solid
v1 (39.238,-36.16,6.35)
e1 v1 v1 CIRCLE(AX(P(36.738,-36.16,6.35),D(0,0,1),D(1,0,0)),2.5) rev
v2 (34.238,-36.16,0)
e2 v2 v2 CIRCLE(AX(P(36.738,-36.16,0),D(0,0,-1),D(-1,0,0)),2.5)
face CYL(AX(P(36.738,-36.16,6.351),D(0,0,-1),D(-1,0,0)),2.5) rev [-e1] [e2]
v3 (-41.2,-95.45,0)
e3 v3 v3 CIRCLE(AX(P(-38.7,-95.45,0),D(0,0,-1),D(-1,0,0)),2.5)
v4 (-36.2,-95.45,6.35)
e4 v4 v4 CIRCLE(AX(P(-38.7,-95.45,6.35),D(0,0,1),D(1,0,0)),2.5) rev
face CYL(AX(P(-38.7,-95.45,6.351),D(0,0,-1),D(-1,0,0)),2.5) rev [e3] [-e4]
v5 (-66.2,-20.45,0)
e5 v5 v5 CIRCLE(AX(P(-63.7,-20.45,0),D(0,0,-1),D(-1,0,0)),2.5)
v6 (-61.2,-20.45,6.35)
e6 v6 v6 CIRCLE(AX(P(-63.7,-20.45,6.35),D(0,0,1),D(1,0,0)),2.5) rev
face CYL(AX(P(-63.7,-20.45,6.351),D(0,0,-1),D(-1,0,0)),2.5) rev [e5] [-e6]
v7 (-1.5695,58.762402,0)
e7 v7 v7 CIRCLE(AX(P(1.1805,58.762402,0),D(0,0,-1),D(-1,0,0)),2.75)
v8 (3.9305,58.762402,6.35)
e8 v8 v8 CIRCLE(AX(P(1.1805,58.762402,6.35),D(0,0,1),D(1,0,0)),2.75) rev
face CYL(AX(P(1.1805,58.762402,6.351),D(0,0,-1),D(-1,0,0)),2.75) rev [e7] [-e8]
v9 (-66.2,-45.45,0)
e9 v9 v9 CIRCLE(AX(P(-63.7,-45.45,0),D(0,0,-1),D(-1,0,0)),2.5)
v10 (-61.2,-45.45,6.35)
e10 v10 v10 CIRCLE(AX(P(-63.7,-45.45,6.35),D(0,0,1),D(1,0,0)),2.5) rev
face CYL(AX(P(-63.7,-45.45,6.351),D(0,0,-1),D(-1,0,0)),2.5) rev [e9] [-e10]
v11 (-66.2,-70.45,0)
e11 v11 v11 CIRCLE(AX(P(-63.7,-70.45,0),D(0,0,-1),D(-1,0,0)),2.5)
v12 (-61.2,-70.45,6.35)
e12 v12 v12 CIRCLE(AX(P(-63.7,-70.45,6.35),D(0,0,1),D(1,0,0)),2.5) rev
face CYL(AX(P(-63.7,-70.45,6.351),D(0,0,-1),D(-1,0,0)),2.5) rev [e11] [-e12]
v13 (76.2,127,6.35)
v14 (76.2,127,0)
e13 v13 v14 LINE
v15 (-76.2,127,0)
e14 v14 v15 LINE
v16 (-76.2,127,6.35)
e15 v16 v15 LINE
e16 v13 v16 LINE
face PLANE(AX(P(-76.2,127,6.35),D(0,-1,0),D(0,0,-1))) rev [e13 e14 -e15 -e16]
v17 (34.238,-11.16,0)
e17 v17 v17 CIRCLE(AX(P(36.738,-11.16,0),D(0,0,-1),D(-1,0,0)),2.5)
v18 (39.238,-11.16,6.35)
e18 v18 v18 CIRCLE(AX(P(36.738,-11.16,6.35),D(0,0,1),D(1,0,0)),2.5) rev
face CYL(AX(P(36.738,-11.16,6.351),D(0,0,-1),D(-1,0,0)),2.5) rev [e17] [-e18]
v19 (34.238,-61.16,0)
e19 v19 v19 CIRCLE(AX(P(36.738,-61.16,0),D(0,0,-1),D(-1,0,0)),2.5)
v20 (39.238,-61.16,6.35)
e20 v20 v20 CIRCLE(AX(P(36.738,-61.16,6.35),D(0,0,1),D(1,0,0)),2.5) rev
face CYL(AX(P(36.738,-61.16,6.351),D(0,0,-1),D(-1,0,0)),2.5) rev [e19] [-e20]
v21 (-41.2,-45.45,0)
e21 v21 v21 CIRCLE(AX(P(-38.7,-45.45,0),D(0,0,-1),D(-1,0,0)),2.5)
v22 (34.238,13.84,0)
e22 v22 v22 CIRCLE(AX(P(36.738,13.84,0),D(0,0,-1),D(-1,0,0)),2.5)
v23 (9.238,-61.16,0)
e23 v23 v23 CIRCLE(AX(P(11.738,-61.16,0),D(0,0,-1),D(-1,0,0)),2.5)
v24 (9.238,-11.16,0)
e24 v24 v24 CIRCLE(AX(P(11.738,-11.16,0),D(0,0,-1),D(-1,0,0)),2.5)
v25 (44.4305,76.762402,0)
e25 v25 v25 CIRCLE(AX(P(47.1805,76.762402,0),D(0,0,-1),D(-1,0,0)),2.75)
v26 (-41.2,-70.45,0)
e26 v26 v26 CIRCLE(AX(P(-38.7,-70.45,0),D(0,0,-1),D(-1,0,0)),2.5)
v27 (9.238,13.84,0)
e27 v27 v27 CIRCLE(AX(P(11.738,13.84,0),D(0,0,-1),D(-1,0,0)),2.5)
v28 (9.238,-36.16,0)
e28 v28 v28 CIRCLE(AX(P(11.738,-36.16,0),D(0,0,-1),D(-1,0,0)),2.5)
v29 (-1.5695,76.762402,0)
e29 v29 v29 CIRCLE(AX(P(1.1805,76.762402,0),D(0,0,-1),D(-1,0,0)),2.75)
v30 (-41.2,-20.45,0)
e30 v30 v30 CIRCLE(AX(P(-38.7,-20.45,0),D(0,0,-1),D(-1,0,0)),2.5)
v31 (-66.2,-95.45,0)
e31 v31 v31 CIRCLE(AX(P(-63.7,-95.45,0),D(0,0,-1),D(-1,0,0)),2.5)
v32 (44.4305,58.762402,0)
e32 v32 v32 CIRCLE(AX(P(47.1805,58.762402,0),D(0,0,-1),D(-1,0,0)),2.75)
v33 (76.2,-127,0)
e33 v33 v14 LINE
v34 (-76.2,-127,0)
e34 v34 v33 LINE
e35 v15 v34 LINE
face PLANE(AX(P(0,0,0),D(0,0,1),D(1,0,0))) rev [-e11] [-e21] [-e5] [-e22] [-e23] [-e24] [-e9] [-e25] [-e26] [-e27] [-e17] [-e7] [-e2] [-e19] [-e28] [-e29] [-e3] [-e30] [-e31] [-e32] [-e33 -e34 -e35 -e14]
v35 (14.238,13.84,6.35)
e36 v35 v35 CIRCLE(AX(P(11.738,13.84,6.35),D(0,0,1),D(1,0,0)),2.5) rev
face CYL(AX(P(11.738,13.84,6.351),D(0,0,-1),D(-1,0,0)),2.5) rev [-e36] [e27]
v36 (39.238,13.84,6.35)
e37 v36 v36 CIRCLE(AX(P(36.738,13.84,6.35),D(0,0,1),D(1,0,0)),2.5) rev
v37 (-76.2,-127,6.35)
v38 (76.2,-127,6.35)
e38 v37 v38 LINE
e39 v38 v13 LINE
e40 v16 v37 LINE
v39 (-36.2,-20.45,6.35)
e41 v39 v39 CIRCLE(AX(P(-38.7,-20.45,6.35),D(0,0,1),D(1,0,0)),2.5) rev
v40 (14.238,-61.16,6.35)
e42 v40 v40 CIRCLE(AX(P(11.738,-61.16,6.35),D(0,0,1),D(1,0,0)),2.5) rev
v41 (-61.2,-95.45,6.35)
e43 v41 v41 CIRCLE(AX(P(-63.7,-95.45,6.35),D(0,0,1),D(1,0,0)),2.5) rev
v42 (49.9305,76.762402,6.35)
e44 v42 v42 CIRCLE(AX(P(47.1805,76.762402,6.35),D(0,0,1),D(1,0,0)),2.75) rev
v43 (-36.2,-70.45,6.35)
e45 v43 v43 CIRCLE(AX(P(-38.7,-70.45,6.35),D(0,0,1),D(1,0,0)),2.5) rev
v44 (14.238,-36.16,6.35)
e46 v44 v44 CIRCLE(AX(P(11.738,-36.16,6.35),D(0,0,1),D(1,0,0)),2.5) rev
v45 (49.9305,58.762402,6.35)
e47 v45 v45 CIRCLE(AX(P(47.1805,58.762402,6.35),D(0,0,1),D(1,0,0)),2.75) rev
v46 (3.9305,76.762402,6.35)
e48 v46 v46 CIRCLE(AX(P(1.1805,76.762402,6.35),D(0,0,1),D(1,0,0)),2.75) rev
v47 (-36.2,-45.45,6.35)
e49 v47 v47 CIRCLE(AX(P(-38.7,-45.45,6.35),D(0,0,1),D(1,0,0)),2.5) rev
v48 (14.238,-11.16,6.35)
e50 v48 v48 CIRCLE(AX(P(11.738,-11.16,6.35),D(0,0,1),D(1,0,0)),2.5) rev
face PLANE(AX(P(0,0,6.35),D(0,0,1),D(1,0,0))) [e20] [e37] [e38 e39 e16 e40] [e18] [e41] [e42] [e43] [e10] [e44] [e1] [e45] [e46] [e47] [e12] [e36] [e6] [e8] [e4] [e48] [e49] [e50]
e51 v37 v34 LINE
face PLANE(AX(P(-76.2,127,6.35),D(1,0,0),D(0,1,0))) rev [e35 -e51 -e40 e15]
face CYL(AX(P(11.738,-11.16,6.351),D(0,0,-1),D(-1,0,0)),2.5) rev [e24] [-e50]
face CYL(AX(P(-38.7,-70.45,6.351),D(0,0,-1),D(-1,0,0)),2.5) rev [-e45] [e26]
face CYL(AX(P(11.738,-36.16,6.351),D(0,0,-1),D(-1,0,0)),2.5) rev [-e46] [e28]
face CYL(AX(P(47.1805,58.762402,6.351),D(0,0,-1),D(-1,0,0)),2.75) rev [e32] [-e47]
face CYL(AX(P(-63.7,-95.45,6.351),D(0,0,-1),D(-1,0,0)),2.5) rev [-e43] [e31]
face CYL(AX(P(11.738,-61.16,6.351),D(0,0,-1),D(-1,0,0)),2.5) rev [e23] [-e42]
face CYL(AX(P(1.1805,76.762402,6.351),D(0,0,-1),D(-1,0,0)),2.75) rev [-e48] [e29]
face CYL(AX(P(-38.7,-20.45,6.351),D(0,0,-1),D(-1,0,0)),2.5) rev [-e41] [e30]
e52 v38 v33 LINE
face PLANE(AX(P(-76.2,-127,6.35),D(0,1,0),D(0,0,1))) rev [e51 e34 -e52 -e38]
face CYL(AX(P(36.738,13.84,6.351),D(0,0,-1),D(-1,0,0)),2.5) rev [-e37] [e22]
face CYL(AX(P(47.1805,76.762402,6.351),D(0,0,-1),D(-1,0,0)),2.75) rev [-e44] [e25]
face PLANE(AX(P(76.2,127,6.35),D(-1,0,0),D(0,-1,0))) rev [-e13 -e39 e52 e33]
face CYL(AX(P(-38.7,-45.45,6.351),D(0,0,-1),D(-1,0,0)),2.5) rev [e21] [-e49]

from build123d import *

# Parameters (mm, degrees)
SKETCH1_W           = 152.4
SKETCH1_H           = 254
BOSS_EXTRUDE1_DEPTH = 6.35
CUT_EXTRUDE2_REACH  = 150.242
SKETCH3_R           = 2.5
CUT_EXTRUDE3_REACH  = 150.242
SKETCH4_R           = 2.75


with BuildPart() as part:
    # Sketch1 → Boss-Extrude1 (new body)
    with BuildSketch(Plane.XY):
        Rectangle(SKETCH1_W, SKETCH1_H)
    extrude(amount=BOSS_EXTRUDE1_DEPTH)

    # Sketch3 → Cut-Extrude2 (cut, up to next)
    with BuildSketch(Plane(origin=(0, 0, 0), x_dir=(-1, 0, 0), z_dir=(0, 0, -1)), mode=Mode.PRIVATE) as cut_extrude2_sk1:
        with Locations((63.7, -20.45)):
            Circle(SKETCH3_R)
    cut_extrude2_tool1 = extrude(cut_extrude2_sk1.sketch, amount=-CUT_EXTRUDE2_REACH, mode=Mode.PRIVATE) & part.part
    # Sketch3 → Cut-Extrude2 (cut, up to next)
    with BuildSketch(Plane(origin=(0, 0, 0), x_dir=(-1, 0, 0), z_dir=(0, 0, -1)), mode=Mode.PRIVATE) as cut_extrude2_sk2:
        with Locations((38.7, -20.45)):
            Circle(SKETCH3_R)
    cut_extrude2_tool2 = extrude(cut_extrude2_sk2.sketch, amount=-CUT_EXTRUDE2_REACH, mode=Mode.PRIVATE) & part.part
    # Sketch3 → Cut-Extrude2 (cut, up to next)
    with BuildSketch(Plane(origin=(0, 0, 0), x_dir=(-1, 0, 0), z_dir=(0, 0, -1)), mode=Mode.PRIVATE) as cut_extrude2_sk3:
        with Locations((38.7, -45.45)):
            Circle(SKETCH3_R)
    cut_extrude2_tool3 = extrude(cut_extrude2_sk3.sketch, amount=-CUT_EXTRUDE2_REACH, mode=Mode.PRIVATE) & part.part
    # Sketch3 → Cut-Extrude2 (cut, up to next)
    with BuildSketch(Plane(origin=(0, 0, 0), x_dir=(-1, 0, 0), z_dir=(0, 0, -1)), mode=Mode.PRIVATE) as cut_extrude2_sk4:
        with Locations((63.7, -45.45)):
            Circle(SKETCH3_R)
    cut_extrude2_tool4 = extrude(cut_extrude2_sk4.sketch, amount=-CUT_EXTRUDE2_REACH, mode=Mode.PRIVATE) & part.part
    # Sketch3 → Cut-Extrude2 (cut, up to next)
    with BuildSketch(Plane(origin=(0, 0, 0), x_dir=(-1, 0, 0), z_dir=(0, 0, -1)), mode=Mode.PRIVATE) as cut_extrude2_sk5:
        with Locations((63.7, -70.45)):
            Circle(SKETCH3_R)
    cut_extrude2_tool5 = extrude(cut_extrude2_sk5.sketch, amount=-CUT_EXTRUDE2_REACH, mode=Mode.PRIVATE) & part.part
    # Sketch3 → Cut-Extrude2 (cut, up to next)
    with BuildSketch(Plane(origin=(0, 0, 0), x_dir=(-1, 0, 0), z_dir=(0, 0, -1)), mode=Mode.PRIVATE) as cut_extrude2_sk6:
        with Locations((38.7, -70.45)):
            Circle(SKETCH3_R)
    cut_extrude2_tool6 = extrude(cut_extrude2_sk6.sketch, amount=-CUT_EXTRUDE2_REACH, mode=Mode.PRIVATE) & part.part
    # Sketch3 → Cut-Extrude2 (cut, up to next)
    with BuildSketch(Plane(origin=(0, 0, 0), x_dir=(-1, 0, 0), z_dir=(0, 0, -1)), mode=Mode.PRIVATE) as cut_extrude2_sk7:
        with Locations((38.7, -95.45)):
            Circle(SKETCH3_R)
    cut_extrude2_tool7 = extrude(cut_extrude2_sk7.sketch, amount=-CUT_EXTRUDE2_REACH, mode=Mode.PRIVATE) & part.part
    # Sketch3 → Cut-Extrude2 (cut, up to next)
    with BuildSketch(Plane(origin=(0, 0, 0), x_dir=(-1, 0, 0), z_dir=(0, 0, -1)), mode=Mode.PRIVATE) as cut_extrude2_sk8:
        with Locations((63.7, -95.45)):
            Circle(SKETCH3_R)
    cut_extrude2_tool8 = extrude(cut_extrude2_sk8.sketch, amount=-CUT_EXTRUDE2_REACH, mode=Mode.PRIVATE) & part.part
    # Sketch3 → Cut-Extrude2 (cut, up to next)
    with BuildSketch(Plane(origin=(0, 0, 0), x_dir=(-1, 0, 0), z_dir=(0, 0, -1)), mode=Mode.PRIVATE) as cut_extrude2_sk9:
        with Locations((-11.738, -61.16)):
            Circle(SKETCH3_R)
    cut_extrude2_tool9 = extrude(cut_extrude2_sk9.sketch, amount=-CUT_EXTRUDE2_REACH, mode=Mode.PRIVATE) & part.part
    # Sketch3 → Cut-Extrude2 (cut, up to next)
    with BuildSketch(Plane(origin=(0, 0, 0), x_dir=(-1, 0, 0), z_dir=(0, 0, -1)), mode=Mode.PRIVATE) as cut_extrude2_sk10:
        with Locations((-11.738, -36.16)):
            Circle(SKETCH3_R)
    cut_extrude2_tool10 = extrude(cut_extrude2_sk10.sketch, amount=-CUT_EXTRUDE2_REACH, mode=Mode.PRIVATE) & part.part
    # Sketch3 → Cut-Extrude2 (cut, up to next)
    with BuildSketch(Plane(origin=(0, 0, 0), x_dir=(-1, 0, 0), z_dir=(0, 0, -1)), mode=Mode.PRIVATE) as cut_extrude2_sk11:
        with Locations((-36.738, -61.16)):
            Circle(SKETCH3_R)
    cut_extrude2_tool11 = extrude(cut_extrude2_sk11.sketch, amount=-CUT_EXTRUDE2_REACH, mode=Mode.PRIVATE) & part.part
    # Sketch3 → Cut-Extrude2 (cut, up to next)
    with BuildSketch(Plane(origin=(0, 0, 0), x_dir=(-1, 0, 0), z_dir=(0, 0, -1)), mode=Mode.PRIVATE) as cut_extrude2_sk12:
        with Locations((-36.738, -36.16)):
            Circle(SKETCH3_R)
    cut_extrude2_tool12 = extrude(cut_extrude2_sk12.sketch, amount=-CUT_EXTRUDE2_REACH, mode=Mode.PRIVATE) & part.part
    # Sketch3 → Cut-Extrude2 (cut, up to next)
    with BuildSketch(Plane(origin=(0, 0, 0), x_dir=(-1, 0, 0), z_dir=(0, 0, -1)), mode=Mode.PRIVATE) as cut_extrude2_sk13:
        with Locations((-11.738, -11.16)):
            Circle(SKETCH3_R)
    cut_extrude2_tool13 = extrude(cut_extrude2_sk13.sketch, amount=-CUT_EXTRUDE2_REACH, mode=Mode.PRIVATE) & part.part
    # Sketch3 → Cut-Extrude2 (cut, up to next)
    with BuildSketch(Plane(origin=(0, 0, 0), x_dir=(-1, 0, 0), z_dir=(0, 0, -1)), mode=Mode.PRIVATE) as cut_extrude2_sk14:
        with Locations((-36.738, -11.16)):
            Circle(SKETCH3_R)
    cut_extrude2_tool14 = extrude(cut_extrude2_sk14.sketch, amount=-CUT_EXTRUDE2_REACH, mode=Mode.PRIVATE) & part.part
    # Sketch3 → Cut-Extrude2 (cut, up to next)
    with BuildSketch(Plane(origin=(0, 0, 0), x_dir=(-1, 0, 0), z_dir=(0, 0, -1)), mode=Mode.PRIVATE) as cut_extrude2_sk15:
        with Locations((-36.738, 13.84)):
            Circle(SKETCH3_R)
    cut_extrude2_tool15 = extrude(cut_extrude2_sk15.sketch, amount=-CUT_EXTRUDE2_REACH, mode=Mode.PRIVATE) & part.part
    # Sketch3 → Cut-Extrude2 (cut, up to next)
    with BuildSketch(Plane(origin=(0, 0, 0), x_dir=(-1, 0, 0), z_dir=(0, 0, -1)), mode=Mode.PRIVATE) as cut_extrude2_sk16:
        with Locations((-11.738, 13.84)):
            Circle(SKETCH3_R)
    cut_extrude2_tool16 = extrude(cut_extrude2_sk16.sketch, amount=-CUT_EXTRUDE2_REACH, mode=Mode.PRIVATE) & part.part
    add(cut_extrude2_tool1.solids().sort_by_distance((-63.7, -20.45, 0))[0], mode=Mode.SUBTRACT)
    add(cut_extrude2_tool2.solids().sort_by_distance((-38.7, -20.45, 0))[0], mode=Mode.SUBTRACT)
    add(cut_extrude2_tool3.solids().sort_by_distance((-38.7, -45.45, 0))[0], mode=Mode.SUBTRACT)
    add(cut_extrude2_tool4.solids().sort_by_distance((-63.7, -45.45, 0))[0], mode=Mode.SUBTRACT)
    add(cut_extrude2_tool5.solids().sort_by_distance((-63.7, -70.45, 0))[0], mode=Mode.SUBTRACT)
    add(cut_extrude2_tool6.solids().sort_by_distance((-38.7, -70.45, 0))[0], mode=Mode.SUBTRACT)
    add(cut_extrude2_tool7.solids().sort_by_distance((-38.7, -95.45, 0))[0], mode=Mode.SUBTRACT)
    add(cut_extrude2_tool8.solids().sort_by_distance((-63.7, -95.45, 0))[0], mode=Mode.SUBTRACT)
    add(cut_extrude2_tool9.solids().sort_by_distance((11.738, -61.16, 0))[0], mode=Mode.SUBTRACT)
    add(cut_extrude2_tool10.solids().sort_by_distance((11.738, -36.16, 0))[0], mode=Mode.SUBTRACT)
    add(cut_extrude2_tool11.solids().sort_by_distance((36.738, -61.16, 0))[0], mode=Mode.SUBTRACT)
    add(cut_extrude2_tool12.solids().sort_by_distance((36.738, -36.16, 0))[0], mode=Mode.SUBTRACT)
    add(cut_extrude2_tool13.solids().sort_by_distance((11.738, -11.16, 0))[0], mode=Mode.SUBTRACT)
    add(cut_extrude2_tool14.solids().sort_by_distance((36.738, -11.16, 0))[0], mode=Mode.SUBTRACT)
    add(cut_extrude2_tool15.solids().sort_by_distance((36.738, 13.84, 0))[0], mode=Mode.SUBTRACT)
    add(cut_extrude2_tool16.solids().sort_by_distance((11.738, 13.84, 0))[0], mode=Mode.SUBTRACT)

    # Sketch4 → Cut-Extrude3 (cut, up to next)
    with BuildSketch(Plane(origin=(0, 0, 0), x_dir=(-1, 0, 0), z_dir=(0, 0, -1)), mode=Mode.PRIVATE) as cut_extrude3_sk1:
        with Locations((-47.180499962, 58.762402402)):
            Circle(SKETCH4_R)
    cut_extrude3_tool1 = extrude(cut_extrude3_sk1.sketch, amount=-CUT_EXTRUDE3_REACH, mode=Mode.PRIVATE) & part.part
    # Sketch4 → Cut-Extrude3 (cut, up to next)
    with BuildSketch(Plane(origin=(0, 0, 0), x_dir=(-1, 0, 0), z_dir=(0, 0, -1)), mode=Mode.PRIVATE) as cut_extrude3_sk2:
        with Locations((-1.180499962, 58.762402402)):
            Circle(SKETCH4_R)
    cut_extrude3_tool2 = extrude(cut_extrude3_sk2.sketch, amount=-CUT_EXTRUDE3_REACH, mode=Mode.PRIVATE) & part.part
    # Sketch4 → Cut-Extrude3 (cut, up to next)
    with BuildSketch(Plane(origin=(0, 0, 0), x_dir=(-1, 0, 0), z_dir=(0, 0, -1)), mode=Mode.PRIVATE) as cut_extrude3_sk3:
        with Locations((-47.180499962, 76.762402402)):
            Circle(SKETCH4_R)
    cut_extrude3_tool3 = extrude(cut_extrude3_sk3.sketch, amount=-CUT_EXTRUDE3_REACH, mode=Mode.PRIVATE) & part.part
    # Sketch4 → Cut-Extrude3 (cut, up to next)
    with BuildSketch(Plane(origin=(0, 0, 0), x_dir=(-1, 0, 0), z_dir=(0, 0, -1)), mode=Mode.PRIVATE) as cut_extrude3_sk4:
        with Locations((-1.180499962, 76.762402402)):
            Circle(SKETCH4_R)
    cut_extrude3_tool4 = extrude(cut_extrude3_sk4.sketch, amount=-CUT_EXTRUDE3_REACH, mode=Mode.PRIVATE) & part.part
    add(cut_extrude3_tool1.solids().sort_by_distance((47.1805, 58.762402, 0))[0], mode=Mode.SUBTRACT)
    add(cut_extrude3_tool2.solids().sort_by_distance((1.1805, 58.762402, 0))[0], mode=Mode.SUBTRACT)
    add(cut_extrude3_tool3.solids().sort_by_distance((47.1805, 76.762402, 0))[0], mode=Mode.SUBTRACT)
    add(cut_extrude3_tool4.solids().sort_by_distance((1.1805, 76.762402, 0))[0], mode=Mode.SUBTRACT)


solid = part.part
